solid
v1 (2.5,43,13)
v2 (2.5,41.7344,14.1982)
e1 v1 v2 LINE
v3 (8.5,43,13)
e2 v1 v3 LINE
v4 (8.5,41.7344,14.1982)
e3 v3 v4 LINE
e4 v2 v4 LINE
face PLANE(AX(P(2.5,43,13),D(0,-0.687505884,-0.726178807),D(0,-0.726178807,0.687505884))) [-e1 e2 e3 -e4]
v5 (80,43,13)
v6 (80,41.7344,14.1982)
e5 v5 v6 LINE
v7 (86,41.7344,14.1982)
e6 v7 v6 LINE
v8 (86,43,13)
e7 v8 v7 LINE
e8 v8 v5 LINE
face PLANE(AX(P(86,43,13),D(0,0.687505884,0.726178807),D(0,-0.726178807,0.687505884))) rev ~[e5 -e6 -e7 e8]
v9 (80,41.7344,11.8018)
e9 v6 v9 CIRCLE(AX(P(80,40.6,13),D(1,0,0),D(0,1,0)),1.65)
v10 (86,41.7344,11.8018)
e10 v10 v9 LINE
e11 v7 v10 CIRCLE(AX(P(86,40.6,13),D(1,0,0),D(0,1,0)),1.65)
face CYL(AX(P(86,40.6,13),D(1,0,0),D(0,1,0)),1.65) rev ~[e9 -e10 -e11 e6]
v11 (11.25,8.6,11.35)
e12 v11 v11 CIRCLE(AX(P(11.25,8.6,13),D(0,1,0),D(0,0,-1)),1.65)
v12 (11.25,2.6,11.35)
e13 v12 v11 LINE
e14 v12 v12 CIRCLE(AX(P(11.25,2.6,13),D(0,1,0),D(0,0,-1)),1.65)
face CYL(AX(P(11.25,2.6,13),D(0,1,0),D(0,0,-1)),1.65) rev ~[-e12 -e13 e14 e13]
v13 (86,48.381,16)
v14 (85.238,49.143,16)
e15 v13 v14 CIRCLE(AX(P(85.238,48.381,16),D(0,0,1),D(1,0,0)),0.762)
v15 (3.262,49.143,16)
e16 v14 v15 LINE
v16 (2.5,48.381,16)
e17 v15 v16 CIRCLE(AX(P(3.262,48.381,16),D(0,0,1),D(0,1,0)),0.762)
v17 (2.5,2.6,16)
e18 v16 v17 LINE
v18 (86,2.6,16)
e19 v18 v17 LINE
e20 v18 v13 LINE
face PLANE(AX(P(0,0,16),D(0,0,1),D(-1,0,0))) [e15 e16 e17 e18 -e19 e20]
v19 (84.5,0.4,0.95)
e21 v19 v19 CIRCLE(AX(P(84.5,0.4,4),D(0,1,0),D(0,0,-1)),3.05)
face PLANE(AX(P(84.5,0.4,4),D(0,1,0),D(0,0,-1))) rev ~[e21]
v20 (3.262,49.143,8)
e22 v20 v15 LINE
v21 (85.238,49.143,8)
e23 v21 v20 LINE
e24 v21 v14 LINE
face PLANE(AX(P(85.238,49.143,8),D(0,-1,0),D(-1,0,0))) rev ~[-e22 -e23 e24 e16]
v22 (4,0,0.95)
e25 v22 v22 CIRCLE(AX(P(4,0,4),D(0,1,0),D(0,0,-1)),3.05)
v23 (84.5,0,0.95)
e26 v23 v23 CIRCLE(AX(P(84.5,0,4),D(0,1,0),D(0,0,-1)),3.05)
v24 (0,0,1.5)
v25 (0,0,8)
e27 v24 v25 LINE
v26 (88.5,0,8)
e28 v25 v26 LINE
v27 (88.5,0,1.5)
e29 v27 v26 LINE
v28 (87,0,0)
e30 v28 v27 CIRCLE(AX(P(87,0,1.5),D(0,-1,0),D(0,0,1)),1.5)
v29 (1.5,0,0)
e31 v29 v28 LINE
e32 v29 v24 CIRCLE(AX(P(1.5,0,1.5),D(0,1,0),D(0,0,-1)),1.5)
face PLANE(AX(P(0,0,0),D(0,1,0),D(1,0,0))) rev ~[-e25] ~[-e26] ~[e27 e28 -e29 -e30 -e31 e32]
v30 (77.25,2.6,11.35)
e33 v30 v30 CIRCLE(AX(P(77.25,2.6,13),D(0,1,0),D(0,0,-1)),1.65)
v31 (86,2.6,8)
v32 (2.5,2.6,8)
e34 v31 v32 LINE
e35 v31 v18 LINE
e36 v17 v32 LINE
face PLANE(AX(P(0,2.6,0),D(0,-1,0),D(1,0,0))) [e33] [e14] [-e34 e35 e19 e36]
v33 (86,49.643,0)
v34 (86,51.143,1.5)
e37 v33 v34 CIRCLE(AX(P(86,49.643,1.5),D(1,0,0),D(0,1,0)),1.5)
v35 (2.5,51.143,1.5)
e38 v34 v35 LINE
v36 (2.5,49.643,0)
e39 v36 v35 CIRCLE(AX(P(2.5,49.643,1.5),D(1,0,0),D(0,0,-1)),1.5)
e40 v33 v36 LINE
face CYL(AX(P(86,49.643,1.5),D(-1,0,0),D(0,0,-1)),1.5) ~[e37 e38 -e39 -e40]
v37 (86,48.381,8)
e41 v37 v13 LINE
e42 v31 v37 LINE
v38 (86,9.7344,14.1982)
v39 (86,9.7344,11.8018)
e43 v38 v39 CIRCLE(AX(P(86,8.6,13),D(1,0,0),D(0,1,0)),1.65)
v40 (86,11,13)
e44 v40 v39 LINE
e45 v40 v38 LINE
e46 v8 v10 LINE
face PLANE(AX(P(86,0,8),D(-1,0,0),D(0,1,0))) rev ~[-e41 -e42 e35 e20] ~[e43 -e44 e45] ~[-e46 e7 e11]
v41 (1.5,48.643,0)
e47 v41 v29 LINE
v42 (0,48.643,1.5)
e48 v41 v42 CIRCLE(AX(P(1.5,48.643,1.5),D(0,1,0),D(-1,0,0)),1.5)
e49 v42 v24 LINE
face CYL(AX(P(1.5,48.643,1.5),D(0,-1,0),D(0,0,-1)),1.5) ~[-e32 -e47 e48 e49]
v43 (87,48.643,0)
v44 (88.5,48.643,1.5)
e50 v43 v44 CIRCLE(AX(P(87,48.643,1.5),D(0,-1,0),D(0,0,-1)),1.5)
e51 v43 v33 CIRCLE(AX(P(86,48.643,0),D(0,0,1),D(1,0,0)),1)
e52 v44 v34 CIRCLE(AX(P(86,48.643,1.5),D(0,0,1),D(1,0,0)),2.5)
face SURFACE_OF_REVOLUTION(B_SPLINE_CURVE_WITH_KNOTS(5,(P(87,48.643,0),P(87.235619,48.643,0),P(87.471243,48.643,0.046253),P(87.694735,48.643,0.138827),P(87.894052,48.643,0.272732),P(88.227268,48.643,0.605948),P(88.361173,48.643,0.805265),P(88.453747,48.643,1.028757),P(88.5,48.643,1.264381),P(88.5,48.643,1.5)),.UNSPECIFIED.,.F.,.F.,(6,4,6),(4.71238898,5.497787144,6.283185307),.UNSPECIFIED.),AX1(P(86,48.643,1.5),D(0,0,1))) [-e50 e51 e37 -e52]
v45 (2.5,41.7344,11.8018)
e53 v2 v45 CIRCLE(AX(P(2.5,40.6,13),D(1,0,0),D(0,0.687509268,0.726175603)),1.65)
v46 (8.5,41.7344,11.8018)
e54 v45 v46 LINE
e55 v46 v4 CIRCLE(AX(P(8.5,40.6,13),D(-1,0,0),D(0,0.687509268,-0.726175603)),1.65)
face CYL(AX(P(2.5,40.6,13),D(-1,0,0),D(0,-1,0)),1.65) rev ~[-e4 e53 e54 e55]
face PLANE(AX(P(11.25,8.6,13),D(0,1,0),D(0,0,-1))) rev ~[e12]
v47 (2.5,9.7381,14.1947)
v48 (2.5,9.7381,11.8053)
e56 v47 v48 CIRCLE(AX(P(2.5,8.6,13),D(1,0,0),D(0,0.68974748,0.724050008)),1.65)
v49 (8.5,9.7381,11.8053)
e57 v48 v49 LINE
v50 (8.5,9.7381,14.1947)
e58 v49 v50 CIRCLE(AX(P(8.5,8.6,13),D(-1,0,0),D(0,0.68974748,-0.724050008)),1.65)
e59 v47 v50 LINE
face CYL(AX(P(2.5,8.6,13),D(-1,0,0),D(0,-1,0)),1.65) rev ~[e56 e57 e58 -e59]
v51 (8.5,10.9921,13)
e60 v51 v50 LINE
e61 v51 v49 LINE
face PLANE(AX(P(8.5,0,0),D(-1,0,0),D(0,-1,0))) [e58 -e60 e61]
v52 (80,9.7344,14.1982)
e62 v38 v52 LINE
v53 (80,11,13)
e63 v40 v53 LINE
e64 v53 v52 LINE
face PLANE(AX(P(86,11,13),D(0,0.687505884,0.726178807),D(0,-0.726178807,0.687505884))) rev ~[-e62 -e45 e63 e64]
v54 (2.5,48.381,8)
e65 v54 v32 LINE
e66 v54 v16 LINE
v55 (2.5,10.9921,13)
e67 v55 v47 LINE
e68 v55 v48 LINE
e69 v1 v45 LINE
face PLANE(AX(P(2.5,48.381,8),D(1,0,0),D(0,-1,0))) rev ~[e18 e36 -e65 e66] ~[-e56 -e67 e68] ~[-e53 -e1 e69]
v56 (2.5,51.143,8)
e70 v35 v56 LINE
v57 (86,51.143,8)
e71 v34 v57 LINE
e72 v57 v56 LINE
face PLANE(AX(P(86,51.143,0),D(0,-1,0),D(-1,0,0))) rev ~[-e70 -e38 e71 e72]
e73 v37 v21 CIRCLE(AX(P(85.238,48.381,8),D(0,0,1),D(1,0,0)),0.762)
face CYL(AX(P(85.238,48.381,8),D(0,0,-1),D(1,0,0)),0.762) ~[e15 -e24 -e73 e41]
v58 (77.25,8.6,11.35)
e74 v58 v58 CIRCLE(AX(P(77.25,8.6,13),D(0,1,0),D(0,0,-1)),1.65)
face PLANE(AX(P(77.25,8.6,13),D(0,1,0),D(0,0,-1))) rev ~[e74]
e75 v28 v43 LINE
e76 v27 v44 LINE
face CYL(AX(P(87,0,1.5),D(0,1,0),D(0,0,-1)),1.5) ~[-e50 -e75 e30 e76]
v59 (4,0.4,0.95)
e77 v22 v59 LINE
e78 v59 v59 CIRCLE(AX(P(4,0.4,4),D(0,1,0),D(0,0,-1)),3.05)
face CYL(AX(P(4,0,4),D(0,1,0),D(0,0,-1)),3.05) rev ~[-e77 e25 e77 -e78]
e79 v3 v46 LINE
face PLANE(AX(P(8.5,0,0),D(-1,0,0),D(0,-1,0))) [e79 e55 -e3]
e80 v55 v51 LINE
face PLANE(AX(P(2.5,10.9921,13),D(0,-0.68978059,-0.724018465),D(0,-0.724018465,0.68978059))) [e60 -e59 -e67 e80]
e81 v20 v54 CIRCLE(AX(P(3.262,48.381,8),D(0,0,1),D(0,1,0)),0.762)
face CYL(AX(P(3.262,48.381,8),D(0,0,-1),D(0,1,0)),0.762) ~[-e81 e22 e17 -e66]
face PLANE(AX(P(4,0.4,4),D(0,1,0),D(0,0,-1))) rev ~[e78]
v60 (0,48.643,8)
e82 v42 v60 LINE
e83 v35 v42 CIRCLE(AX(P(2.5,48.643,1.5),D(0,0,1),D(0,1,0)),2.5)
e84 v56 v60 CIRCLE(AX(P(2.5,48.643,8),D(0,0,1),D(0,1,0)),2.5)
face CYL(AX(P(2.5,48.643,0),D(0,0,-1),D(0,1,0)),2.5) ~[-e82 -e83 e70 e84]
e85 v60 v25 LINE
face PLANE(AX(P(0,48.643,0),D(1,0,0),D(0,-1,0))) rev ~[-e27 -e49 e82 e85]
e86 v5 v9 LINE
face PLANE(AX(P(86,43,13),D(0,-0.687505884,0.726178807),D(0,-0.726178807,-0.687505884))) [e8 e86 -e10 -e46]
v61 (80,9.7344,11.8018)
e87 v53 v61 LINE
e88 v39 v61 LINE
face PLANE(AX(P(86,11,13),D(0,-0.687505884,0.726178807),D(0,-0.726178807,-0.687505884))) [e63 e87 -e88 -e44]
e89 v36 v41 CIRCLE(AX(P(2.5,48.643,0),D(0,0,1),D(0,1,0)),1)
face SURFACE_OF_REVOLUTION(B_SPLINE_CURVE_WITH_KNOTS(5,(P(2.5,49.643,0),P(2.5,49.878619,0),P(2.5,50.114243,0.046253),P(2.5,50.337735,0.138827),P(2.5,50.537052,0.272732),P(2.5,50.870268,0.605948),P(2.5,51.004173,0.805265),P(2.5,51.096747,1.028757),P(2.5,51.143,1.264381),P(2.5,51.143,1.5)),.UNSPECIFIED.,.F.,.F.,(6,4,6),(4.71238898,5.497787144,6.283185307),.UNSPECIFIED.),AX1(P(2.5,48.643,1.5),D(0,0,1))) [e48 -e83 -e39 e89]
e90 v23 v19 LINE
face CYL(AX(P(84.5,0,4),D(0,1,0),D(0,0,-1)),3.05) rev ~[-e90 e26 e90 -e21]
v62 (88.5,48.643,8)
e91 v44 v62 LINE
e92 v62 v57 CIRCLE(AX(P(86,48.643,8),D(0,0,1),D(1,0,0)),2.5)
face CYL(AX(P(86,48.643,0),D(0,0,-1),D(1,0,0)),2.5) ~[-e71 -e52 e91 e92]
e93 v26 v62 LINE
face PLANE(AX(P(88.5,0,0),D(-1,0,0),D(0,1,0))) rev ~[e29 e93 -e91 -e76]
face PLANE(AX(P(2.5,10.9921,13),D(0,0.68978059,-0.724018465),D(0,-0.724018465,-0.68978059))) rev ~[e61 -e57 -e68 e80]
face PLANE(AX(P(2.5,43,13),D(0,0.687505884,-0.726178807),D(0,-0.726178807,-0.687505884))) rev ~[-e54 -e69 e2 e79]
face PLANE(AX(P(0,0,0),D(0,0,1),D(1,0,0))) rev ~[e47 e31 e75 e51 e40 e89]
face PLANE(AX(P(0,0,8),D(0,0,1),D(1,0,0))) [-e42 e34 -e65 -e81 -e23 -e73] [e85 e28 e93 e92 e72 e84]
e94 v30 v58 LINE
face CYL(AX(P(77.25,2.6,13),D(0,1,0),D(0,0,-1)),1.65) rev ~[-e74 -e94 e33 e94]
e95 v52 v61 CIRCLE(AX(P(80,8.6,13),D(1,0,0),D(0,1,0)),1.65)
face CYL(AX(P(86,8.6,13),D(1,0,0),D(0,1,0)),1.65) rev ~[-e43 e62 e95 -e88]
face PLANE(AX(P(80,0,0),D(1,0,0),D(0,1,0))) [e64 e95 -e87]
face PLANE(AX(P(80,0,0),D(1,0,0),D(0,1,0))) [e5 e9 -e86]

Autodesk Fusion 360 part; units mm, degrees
sketch "base" plane through (0, 0, 0) normal (0, 0, 1) x (1, 0, 0)
  line L0 (0, 0) -> (88.5, 0)
  line L1 (88.5, 0) -> (88.5, 48.643)
  line L2 (86, 51.143) -> (2.5, 51.143)
  line L3 (0, 48.643) -> (0, 0)
  arc A0 (2.5, 51.143) -> (0, 48.643) centre (2.5, 48.643) ccw
  arc A1 (88.5, 48.643) -> (86, 51.143) centre (86, 48.643) ccw
  point P0 (0, 51.143)
  dimension "d1" = 88.5
  dimension "d2" = 51.143
  dimension "d14" = 2.5
  dimension "d15" = 2.5
extrude "Extrude1" add sketch "base" along normal blind 8
sketch "inside part" plane through (0, 0, 8) normal (0, 0, 1) x (-1, 0, 0)
  line L0 (0, -48.643) -> (0, 0)
  line L1 (0, 0) -> (-88.5, 0)
  line L2 (-88.5, 0) -> (-88.5, -48.643)
  line L3 (-86, -51.143) -> (-2.5, -51.143)
  line L4 (-2.5, 0) -> (-86, 0)
  line L5 (-86, 0) -> (-86, -48.381)
  line L6 (-85.238, -49.143) -> (-3.262, -49.143)
  line L7 (-2.5, -48.381) -> (-2.5, 0)
  arc A0 (-3.262, -49.143) -> (-2.5, -48.381) centre (-3.262, -48.381) ccw
  arc A1 (-86, -48.381) -> (-85.238, -49.143) centre (-85.238, -48.381) ccw
  arc A2 (-88.5, -48.643) -> (-86, -51.143) centre (-86, -48.643) ccw
  arc A3 (-2.5, -51.143) -> (0, -48.643) centre (-2.5, -48.643) ccw
  dimension "d7" = 2.5
  dimension "d8" = 2.5
  dimension "d9" = 2
  dimension "d12" = 0.762
  dimension "d13" = 0.762
extrude "Extrude2" add sketch "inside part" along normal blind 8 contours L1 L4 L5 L6 L7 A0 A1
fillet "Fillet1" radius 1.5 5 edges at (88.5, 24.3215, 0) (87.7678, 50.4108, 0) (44.25, 51.143, 0) (0.7322, 50.4108, 0) (0, 24.3215, 0)
sketch "Sketch3" plane through (0, 0, 0) normal (0, -1, 0) x (1, 0, 0)
  arc A0 (87, 0) -> (88.5, 1.5) centre (87, 1.5) ccw
  line L0 (88.5, 1.5) -> (88.5, 8)
  line L1 (88.5, 8) -> (86, 8)
  line L2 (86, 8) -> (86, 16)
  line L3 (86, 16) -> (2.5, 16)
  line L4 (2.5, 16) -> (2.5, 8)
  line L5 (2.5, 8) -> (0, 8)
  line L6 (0, 8) -> (0, 1.5)
  arc A1 (0, 1.5) -> (1.5, 0) centre (1.5, 1.5) ccw
  line L7 (1.5, 0) -> (87, 0)
  line L8 (86, 8) -> (2.5, 8)
  line L9 (2.5, 8) -> (2.5, 16)
  line L10 (2.5, 16) -> (86, 16)
  line L11 (86, 16) -> (86, 8)
extrude "Extrude3" cut sketch "Sketch3" against normal blind 2.6 contours L2 L3 L4 L8 L9 L10 L11
sketch "Bottom holes for M2.5 screws" plane through (0, 2.6, 0) normal (0, -1, 0) x (1, 0, 0)
  line L0 (86, 16) -> (2.5, 16)
  line L1 (2.5, 16) -> (2.5, 8)
  line L2 (2.5, 8) -> (86, 8)
  line L3 (86, 8) -> (86, 16)
  line L4 (44.25, 8) -> (44.25, 16) construction
  point P0 (77.25, 13)
  point P1 (11.25, 13)
  dimension "d21" = 33
  dimension "d22" = 33
  dimension "d44" = 5
hole "Hole1" at (11.25, 2.6, 13) at (77.25, 2.6, 13) direction (0, 1, 0) diameter 3.3 depth 6 tip angle 180
sketch "Front/back holes" plane through (86, 0, 0) normal (1, 0, 0) x (0, 1, 0)
  line L0 (2.6, 16) -> (2.6, 8)
  line L1 (2.6, 8) -> (48.381, 8)
  line L2 (48.381, 8) -> (48.381, 16)
  line L3 (48.381, 16) -> (2.6, 16)
  circle A0 centre (8.6, 13) radius 1.65
  circle A1 centre (40.6, 13) radius 1.65
  line L4 (11, 13) -> (9.7344, 14.1982)
  line L5 (11, 13) -> (9.7344, 11.8018)
  line L6 (43, 13) -> (41.7344, 14.1982)
  line L7 (43, 13) -> (41.7344, 11.8018)
  point P0 (8.6, 13)
  point P1 (40.6, 13)
  dimension "d27" = 6
  dimension "d28" = 32
  dimension "d29" = 5
  dimension "d50" = 3.3
  dimension "d51" = 3.3
  dimension "d54" = 2.4
  dimension "d55" = 2.4
extrude "Extrude5" cut sketch "Front/back holes" against normal blind 6 contours A0 | A0 L4 L5 | A1 | A1 L6 L7
sketch "Front/back holes (1)" plane through (2.5, 0, 0) normal (-1, 0, 0) x (0, -1, 0)
  line L0 (-2.6, 8) -> (-2.6, 16)
  line L1 (-2.6, 16) -> (-48.381, 16)
  line L2 (-48.381, 16) -> (-48.381, 8)
  line L3 (-48.381, 8) -> (-2.6, 8)
  circle A0 centre (-40.6, 13) radius 1.65
  circle A1 centre (-8.6, 13) radius 1.65
  line L4 (-43, 13) -> (-41.7344, 11.8018)
  line L5 (-43, 13) -> (-41.7344, 14.1982)
  line L6 (-10.9921, 13) -> (-9.7381, 14.1947)
  line L7 (-10.9921, 13) -> (-9.7381, 11.8053)
  point P0 (-40.6, 13)
  point P1 (-8.6, 13)
  point P2 (-40.6, 13)
  point P3 (-40.6, 13)
  point P4 (-43, 13)
  point P5 (-8.6, 13)
  point P6 (-8.6, 13)
  point P7 (-11, 13)
  dimension "d33" = 6
  dimension "d34" = 32
  dimension "d45" = 5
  dimension "d46" = 3.3
  dimension "d47" = 3.3
  dimension "d56" = 2.4
  dimension "d57" = 2.4
extrude "Extrude4" cut sketch "Front/back holes (1)" against normal blind 6 contours A0 | A0 L4 L5 | A1 | A1 L6 L7
sketch "Sketch8" plane through (0, 0, 0) normal (0, -1, 0) x (1, 0, 0)
  line L0 (88.5, 8) -> (0, 8)
  line L1 (0, 8) -> (0, 1.5)
  arc A0 (0, 1.5) -> (1.5, 0) centre (1.5, 1.5) ccw
  line L2 (1.5, 0) -> (87, 0)
  arc A1 (87, 0) -> (88.5, 1.5) centre (87, 1.5) ccw
  line L3 (88.5, 1.5) -> (88.5, 8)
  line L4 (88.5, 4) -> (0, 4) construction
  point P0 (4, 4)
  point P1 (84.5, 4)
  dimension "d58" = 4
  dimension "d59" = 4
  dimension "d60" = 4
  dimension "d61" = 4
hole "Hole4" at (4, 0, 4) at (84.5, 0, 4) direction (0, 1, 0) diameter 6.1 depth 0.4 tip angle 180
equation "d1 = 83.5 mm + 2 * extrawidth"
equation "d2 = extraheight + 49.143 mm"
equation "extrawidth = 2.5 mm"
equation "extraheight = 2 mm"
equation "d7 = extrawidth"
equation "d8 = extrawidth"
equation "d9 = extraheight"
